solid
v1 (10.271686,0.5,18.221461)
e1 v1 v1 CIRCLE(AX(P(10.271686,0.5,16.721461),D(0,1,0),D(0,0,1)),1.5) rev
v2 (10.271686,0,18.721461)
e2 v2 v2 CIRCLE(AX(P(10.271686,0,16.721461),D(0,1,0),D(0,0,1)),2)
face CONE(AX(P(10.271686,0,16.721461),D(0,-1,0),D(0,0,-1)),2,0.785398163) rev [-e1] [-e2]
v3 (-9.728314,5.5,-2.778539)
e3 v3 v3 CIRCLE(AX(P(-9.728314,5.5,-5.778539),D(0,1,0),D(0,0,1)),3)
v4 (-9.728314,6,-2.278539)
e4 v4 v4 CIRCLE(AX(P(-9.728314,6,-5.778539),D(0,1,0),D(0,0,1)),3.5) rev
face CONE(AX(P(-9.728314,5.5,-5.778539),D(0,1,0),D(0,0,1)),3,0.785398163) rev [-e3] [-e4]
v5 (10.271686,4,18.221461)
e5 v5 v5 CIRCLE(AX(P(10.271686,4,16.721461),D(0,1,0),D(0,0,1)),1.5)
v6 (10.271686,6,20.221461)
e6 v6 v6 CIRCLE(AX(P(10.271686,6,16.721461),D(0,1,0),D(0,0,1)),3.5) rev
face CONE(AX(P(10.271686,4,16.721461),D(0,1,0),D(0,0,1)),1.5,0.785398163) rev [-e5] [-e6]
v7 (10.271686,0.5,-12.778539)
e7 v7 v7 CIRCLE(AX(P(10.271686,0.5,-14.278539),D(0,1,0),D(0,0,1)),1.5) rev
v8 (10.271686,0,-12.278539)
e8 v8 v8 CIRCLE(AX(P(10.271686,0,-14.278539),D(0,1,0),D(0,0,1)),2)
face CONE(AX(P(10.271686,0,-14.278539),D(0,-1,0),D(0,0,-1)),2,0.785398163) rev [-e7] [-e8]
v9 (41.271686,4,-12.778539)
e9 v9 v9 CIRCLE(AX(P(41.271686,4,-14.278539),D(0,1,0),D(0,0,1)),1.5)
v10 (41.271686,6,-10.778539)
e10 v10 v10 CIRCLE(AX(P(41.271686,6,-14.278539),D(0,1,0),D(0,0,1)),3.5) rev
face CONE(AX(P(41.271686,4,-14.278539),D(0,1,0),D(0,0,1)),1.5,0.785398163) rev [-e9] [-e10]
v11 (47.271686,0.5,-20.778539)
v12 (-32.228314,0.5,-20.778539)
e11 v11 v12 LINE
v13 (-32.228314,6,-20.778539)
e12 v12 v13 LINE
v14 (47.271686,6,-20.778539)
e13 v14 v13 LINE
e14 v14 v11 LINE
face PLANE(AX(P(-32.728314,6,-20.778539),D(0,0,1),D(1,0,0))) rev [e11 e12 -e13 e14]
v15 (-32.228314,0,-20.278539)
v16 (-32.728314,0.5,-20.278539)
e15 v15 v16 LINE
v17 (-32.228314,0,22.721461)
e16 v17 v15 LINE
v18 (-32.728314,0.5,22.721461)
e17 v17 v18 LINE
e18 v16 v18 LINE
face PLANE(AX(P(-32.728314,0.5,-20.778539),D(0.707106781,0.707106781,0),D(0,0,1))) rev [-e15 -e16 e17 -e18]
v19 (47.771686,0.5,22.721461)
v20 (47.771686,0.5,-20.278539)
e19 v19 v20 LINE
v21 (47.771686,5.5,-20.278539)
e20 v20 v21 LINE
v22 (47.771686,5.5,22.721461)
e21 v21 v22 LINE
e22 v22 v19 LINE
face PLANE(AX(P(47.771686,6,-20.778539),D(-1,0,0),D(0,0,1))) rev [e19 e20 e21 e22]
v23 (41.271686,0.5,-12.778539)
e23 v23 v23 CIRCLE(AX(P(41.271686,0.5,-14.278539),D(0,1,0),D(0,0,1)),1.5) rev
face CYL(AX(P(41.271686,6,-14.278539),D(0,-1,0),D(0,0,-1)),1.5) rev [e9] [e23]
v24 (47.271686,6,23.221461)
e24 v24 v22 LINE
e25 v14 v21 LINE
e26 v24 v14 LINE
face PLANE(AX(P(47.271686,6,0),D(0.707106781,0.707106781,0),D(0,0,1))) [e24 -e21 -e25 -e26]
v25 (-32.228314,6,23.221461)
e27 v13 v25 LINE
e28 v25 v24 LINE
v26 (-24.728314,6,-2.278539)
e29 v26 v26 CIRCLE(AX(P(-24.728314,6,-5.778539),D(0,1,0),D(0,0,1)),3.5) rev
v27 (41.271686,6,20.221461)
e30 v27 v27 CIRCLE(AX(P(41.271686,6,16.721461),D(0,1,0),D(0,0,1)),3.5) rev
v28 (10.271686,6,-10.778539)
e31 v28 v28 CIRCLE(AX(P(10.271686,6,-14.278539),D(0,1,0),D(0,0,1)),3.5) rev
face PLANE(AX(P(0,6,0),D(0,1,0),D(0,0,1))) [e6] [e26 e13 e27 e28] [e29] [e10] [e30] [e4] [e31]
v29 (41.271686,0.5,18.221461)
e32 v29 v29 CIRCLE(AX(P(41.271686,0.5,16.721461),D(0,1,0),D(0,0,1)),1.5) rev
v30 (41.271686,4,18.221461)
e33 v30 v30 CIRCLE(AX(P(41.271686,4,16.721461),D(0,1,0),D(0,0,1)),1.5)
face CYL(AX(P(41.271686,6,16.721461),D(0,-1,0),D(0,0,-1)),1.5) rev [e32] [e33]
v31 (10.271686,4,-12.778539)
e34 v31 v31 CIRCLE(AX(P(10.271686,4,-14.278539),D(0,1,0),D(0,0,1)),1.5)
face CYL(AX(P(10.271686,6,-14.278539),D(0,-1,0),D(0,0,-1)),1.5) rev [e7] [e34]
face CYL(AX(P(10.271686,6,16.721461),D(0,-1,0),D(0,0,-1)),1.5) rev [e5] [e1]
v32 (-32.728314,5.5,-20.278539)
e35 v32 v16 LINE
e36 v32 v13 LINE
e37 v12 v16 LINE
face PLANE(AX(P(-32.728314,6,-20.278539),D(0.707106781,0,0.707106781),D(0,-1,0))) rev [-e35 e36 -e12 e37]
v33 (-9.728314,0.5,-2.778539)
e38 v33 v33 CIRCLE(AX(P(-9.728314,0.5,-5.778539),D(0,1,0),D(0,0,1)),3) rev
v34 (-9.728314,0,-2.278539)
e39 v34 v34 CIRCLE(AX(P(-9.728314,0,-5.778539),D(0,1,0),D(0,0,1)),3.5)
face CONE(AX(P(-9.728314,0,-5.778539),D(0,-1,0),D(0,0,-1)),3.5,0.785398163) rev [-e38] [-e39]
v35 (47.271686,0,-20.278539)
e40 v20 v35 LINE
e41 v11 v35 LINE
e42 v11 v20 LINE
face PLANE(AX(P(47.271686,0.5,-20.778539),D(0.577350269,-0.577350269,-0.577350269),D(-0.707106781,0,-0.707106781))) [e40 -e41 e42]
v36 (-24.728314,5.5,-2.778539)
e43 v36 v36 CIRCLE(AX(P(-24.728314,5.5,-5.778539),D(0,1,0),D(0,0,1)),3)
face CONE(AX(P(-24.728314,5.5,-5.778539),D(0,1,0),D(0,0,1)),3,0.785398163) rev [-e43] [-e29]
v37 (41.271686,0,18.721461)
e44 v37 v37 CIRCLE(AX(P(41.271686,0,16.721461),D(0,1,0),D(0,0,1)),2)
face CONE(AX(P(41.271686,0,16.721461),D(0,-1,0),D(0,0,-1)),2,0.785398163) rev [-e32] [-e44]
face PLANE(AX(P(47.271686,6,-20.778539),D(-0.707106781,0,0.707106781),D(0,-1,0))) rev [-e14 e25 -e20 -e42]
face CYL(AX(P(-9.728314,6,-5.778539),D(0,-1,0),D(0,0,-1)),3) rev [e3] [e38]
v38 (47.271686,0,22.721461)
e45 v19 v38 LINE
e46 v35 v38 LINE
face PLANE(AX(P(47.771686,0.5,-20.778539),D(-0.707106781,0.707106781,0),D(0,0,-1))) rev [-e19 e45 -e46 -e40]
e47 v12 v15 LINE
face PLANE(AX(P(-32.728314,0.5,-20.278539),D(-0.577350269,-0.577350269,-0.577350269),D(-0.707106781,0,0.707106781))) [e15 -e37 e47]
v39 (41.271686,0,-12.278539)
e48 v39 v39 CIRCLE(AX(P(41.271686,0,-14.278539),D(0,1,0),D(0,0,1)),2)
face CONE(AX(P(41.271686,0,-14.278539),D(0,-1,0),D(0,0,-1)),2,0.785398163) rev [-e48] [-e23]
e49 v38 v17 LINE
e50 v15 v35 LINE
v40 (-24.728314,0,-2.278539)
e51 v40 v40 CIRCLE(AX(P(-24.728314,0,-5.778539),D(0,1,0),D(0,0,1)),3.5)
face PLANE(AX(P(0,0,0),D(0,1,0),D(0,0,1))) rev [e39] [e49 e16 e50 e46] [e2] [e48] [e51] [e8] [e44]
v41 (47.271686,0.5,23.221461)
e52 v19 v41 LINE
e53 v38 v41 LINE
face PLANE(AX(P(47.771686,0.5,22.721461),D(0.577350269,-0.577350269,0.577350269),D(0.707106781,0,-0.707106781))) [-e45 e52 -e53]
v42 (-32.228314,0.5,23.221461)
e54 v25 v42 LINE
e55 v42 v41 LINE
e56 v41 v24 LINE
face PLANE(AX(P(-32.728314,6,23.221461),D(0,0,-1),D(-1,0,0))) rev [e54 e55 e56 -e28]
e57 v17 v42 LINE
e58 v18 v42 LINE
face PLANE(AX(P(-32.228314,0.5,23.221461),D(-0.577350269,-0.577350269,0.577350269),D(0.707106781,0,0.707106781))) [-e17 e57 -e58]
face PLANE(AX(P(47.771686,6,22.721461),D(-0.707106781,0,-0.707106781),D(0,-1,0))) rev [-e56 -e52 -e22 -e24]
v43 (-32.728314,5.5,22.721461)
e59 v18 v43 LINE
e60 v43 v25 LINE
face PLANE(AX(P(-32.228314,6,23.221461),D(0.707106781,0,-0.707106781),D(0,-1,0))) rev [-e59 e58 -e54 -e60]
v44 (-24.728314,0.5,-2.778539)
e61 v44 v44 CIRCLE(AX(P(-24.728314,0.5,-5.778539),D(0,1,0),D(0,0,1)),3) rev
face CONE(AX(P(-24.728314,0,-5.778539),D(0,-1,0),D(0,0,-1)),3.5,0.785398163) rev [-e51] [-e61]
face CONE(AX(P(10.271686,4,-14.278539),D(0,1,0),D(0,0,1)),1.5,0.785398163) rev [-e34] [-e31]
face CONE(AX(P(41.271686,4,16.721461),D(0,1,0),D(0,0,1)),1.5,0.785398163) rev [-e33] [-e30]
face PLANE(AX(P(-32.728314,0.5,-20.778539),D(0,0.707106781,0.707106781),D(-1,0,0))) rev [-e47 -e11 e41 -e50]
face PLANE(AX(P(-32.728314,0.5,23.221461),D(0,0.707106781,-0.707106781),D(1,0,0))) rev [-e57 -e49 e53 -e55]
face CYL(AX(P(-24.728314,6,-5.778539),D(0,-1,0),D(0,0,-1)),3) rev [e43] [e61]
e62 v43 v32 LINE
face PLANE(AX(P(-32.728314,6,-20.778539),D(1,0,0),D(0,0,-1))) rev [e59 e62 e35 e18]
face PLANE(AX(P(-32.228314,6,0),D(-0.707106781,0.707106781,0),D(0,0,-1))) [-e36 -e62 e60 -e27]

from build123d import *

# Parameters (mm, degrees)
CROQUIS1_W              = 80.5
CROQUIS1_H              = 44
CROQUIS1_R              = 1.5
CROQUIS1_R_2            = 3
SALIENTE_EXTRUIR1_DEPTH = 6
CHAFL_N1_SIZE           = 0.5
CHAFL_N2_SIZE           = 2


with BuildPart() as part:
    # Croquis1 → Saliente-Extruir1 (new body)
    with BuildSketch(Plane(origin=(0, 0, 0), x_dir=(1, 0, 0), z_dir=(0, 1, 0))):
        with Locations((7.521686308, -1.221461187)):
            Rectangle(CROQUIS1_W, CROQUIS1_H)
        with Locations(Location((10.271686308, 14.278538813, 0), (0, 0, 270))):
            Circle(CROQUIS1_R, mode=Mode.SUBTRACT)
        with Locations(Location((41.271686308, 14.278538813, 0), (0, 0, 270))):
            Circle(CROQUIS1_R, mode=Mode.SUBTRACT)
        with Locations(Location((10.271686308, -16.721461187, 0), (0, 0, 270))):
            Circle(CROQUIS1_R, mode=Mode.SUBTRACT)
        with Locations(Location((41.271686308, -16.721461187, 0), (0, 0, 270))):
            Circle(CROQUIS1_R, mode=Mode.SUBTRACT)
        with Locations(Location((-24.728313692, 5.778538813, 0), (0, 0, 270))):
            Circle(CROQUIS1_R_2, mode=Mode.SUBTRACT)
        with Locations(Location((-9.728313692, 5.778538813, 0), (0, 0, 270))):
            Circle(CROQUIS1_R_2, mode=Mode.SUBTRACT)
    extrude(amount=SALIENTE_EXTRUIR1_DEPTH)

    # Chaflán1
    chafl_n1_edges = [part.edges().sort_by_distance(p)[0] for p in [
        (47.771686308, 6, 1.221461187),
        (10.271686308, 0, -15.778538813),
        (41.271686308, 0, -15.778538813),
        (10.271686308, 0, 15.221461187),
        (41.271686308, 0, 15.221461187),
        (-24.728313692, 0, -8.778538813),
        (-24.728313692, 6, -8.778538813),
        (-9.728313692, 0, -8.778538813),
        (-9.728313692, 6, -8.778538813),
        (-32.728313692, 6, 1.221461187),
        (7.521686308, 0, -20.778538813),
        (47.771686308, 0, 1.221461187),
        (7.521686308, 0, 23.221461187),
        (-32.728313692, 0, 1.221461187),
        (-32.728313692, 3, -20.778538813),
        (47.771686308, 3, -20.778538813),
        (47.771686308, 3, 23.221461187),
        (-32.728313692, 3, 23.221461187),
    ]]
    chamfer(chafl_n1_edges, length=CHAFL_N1_SIZE)

    # Chaflán2
    chafl_n2_edges = [part.edges().sort_by_distance(p)[0] for p in [
        (10.271686308, 6, -15.778538813),
        (41.271686308, 6, -15.778538813),
        (10.271686308, 6, 15.221461187),
        (41.271686308, 6, 15.221461187),
    ]]
    chamfer(chafl_n2_edges, length=CHAFL_N2_SIZE)


solid = part.part
